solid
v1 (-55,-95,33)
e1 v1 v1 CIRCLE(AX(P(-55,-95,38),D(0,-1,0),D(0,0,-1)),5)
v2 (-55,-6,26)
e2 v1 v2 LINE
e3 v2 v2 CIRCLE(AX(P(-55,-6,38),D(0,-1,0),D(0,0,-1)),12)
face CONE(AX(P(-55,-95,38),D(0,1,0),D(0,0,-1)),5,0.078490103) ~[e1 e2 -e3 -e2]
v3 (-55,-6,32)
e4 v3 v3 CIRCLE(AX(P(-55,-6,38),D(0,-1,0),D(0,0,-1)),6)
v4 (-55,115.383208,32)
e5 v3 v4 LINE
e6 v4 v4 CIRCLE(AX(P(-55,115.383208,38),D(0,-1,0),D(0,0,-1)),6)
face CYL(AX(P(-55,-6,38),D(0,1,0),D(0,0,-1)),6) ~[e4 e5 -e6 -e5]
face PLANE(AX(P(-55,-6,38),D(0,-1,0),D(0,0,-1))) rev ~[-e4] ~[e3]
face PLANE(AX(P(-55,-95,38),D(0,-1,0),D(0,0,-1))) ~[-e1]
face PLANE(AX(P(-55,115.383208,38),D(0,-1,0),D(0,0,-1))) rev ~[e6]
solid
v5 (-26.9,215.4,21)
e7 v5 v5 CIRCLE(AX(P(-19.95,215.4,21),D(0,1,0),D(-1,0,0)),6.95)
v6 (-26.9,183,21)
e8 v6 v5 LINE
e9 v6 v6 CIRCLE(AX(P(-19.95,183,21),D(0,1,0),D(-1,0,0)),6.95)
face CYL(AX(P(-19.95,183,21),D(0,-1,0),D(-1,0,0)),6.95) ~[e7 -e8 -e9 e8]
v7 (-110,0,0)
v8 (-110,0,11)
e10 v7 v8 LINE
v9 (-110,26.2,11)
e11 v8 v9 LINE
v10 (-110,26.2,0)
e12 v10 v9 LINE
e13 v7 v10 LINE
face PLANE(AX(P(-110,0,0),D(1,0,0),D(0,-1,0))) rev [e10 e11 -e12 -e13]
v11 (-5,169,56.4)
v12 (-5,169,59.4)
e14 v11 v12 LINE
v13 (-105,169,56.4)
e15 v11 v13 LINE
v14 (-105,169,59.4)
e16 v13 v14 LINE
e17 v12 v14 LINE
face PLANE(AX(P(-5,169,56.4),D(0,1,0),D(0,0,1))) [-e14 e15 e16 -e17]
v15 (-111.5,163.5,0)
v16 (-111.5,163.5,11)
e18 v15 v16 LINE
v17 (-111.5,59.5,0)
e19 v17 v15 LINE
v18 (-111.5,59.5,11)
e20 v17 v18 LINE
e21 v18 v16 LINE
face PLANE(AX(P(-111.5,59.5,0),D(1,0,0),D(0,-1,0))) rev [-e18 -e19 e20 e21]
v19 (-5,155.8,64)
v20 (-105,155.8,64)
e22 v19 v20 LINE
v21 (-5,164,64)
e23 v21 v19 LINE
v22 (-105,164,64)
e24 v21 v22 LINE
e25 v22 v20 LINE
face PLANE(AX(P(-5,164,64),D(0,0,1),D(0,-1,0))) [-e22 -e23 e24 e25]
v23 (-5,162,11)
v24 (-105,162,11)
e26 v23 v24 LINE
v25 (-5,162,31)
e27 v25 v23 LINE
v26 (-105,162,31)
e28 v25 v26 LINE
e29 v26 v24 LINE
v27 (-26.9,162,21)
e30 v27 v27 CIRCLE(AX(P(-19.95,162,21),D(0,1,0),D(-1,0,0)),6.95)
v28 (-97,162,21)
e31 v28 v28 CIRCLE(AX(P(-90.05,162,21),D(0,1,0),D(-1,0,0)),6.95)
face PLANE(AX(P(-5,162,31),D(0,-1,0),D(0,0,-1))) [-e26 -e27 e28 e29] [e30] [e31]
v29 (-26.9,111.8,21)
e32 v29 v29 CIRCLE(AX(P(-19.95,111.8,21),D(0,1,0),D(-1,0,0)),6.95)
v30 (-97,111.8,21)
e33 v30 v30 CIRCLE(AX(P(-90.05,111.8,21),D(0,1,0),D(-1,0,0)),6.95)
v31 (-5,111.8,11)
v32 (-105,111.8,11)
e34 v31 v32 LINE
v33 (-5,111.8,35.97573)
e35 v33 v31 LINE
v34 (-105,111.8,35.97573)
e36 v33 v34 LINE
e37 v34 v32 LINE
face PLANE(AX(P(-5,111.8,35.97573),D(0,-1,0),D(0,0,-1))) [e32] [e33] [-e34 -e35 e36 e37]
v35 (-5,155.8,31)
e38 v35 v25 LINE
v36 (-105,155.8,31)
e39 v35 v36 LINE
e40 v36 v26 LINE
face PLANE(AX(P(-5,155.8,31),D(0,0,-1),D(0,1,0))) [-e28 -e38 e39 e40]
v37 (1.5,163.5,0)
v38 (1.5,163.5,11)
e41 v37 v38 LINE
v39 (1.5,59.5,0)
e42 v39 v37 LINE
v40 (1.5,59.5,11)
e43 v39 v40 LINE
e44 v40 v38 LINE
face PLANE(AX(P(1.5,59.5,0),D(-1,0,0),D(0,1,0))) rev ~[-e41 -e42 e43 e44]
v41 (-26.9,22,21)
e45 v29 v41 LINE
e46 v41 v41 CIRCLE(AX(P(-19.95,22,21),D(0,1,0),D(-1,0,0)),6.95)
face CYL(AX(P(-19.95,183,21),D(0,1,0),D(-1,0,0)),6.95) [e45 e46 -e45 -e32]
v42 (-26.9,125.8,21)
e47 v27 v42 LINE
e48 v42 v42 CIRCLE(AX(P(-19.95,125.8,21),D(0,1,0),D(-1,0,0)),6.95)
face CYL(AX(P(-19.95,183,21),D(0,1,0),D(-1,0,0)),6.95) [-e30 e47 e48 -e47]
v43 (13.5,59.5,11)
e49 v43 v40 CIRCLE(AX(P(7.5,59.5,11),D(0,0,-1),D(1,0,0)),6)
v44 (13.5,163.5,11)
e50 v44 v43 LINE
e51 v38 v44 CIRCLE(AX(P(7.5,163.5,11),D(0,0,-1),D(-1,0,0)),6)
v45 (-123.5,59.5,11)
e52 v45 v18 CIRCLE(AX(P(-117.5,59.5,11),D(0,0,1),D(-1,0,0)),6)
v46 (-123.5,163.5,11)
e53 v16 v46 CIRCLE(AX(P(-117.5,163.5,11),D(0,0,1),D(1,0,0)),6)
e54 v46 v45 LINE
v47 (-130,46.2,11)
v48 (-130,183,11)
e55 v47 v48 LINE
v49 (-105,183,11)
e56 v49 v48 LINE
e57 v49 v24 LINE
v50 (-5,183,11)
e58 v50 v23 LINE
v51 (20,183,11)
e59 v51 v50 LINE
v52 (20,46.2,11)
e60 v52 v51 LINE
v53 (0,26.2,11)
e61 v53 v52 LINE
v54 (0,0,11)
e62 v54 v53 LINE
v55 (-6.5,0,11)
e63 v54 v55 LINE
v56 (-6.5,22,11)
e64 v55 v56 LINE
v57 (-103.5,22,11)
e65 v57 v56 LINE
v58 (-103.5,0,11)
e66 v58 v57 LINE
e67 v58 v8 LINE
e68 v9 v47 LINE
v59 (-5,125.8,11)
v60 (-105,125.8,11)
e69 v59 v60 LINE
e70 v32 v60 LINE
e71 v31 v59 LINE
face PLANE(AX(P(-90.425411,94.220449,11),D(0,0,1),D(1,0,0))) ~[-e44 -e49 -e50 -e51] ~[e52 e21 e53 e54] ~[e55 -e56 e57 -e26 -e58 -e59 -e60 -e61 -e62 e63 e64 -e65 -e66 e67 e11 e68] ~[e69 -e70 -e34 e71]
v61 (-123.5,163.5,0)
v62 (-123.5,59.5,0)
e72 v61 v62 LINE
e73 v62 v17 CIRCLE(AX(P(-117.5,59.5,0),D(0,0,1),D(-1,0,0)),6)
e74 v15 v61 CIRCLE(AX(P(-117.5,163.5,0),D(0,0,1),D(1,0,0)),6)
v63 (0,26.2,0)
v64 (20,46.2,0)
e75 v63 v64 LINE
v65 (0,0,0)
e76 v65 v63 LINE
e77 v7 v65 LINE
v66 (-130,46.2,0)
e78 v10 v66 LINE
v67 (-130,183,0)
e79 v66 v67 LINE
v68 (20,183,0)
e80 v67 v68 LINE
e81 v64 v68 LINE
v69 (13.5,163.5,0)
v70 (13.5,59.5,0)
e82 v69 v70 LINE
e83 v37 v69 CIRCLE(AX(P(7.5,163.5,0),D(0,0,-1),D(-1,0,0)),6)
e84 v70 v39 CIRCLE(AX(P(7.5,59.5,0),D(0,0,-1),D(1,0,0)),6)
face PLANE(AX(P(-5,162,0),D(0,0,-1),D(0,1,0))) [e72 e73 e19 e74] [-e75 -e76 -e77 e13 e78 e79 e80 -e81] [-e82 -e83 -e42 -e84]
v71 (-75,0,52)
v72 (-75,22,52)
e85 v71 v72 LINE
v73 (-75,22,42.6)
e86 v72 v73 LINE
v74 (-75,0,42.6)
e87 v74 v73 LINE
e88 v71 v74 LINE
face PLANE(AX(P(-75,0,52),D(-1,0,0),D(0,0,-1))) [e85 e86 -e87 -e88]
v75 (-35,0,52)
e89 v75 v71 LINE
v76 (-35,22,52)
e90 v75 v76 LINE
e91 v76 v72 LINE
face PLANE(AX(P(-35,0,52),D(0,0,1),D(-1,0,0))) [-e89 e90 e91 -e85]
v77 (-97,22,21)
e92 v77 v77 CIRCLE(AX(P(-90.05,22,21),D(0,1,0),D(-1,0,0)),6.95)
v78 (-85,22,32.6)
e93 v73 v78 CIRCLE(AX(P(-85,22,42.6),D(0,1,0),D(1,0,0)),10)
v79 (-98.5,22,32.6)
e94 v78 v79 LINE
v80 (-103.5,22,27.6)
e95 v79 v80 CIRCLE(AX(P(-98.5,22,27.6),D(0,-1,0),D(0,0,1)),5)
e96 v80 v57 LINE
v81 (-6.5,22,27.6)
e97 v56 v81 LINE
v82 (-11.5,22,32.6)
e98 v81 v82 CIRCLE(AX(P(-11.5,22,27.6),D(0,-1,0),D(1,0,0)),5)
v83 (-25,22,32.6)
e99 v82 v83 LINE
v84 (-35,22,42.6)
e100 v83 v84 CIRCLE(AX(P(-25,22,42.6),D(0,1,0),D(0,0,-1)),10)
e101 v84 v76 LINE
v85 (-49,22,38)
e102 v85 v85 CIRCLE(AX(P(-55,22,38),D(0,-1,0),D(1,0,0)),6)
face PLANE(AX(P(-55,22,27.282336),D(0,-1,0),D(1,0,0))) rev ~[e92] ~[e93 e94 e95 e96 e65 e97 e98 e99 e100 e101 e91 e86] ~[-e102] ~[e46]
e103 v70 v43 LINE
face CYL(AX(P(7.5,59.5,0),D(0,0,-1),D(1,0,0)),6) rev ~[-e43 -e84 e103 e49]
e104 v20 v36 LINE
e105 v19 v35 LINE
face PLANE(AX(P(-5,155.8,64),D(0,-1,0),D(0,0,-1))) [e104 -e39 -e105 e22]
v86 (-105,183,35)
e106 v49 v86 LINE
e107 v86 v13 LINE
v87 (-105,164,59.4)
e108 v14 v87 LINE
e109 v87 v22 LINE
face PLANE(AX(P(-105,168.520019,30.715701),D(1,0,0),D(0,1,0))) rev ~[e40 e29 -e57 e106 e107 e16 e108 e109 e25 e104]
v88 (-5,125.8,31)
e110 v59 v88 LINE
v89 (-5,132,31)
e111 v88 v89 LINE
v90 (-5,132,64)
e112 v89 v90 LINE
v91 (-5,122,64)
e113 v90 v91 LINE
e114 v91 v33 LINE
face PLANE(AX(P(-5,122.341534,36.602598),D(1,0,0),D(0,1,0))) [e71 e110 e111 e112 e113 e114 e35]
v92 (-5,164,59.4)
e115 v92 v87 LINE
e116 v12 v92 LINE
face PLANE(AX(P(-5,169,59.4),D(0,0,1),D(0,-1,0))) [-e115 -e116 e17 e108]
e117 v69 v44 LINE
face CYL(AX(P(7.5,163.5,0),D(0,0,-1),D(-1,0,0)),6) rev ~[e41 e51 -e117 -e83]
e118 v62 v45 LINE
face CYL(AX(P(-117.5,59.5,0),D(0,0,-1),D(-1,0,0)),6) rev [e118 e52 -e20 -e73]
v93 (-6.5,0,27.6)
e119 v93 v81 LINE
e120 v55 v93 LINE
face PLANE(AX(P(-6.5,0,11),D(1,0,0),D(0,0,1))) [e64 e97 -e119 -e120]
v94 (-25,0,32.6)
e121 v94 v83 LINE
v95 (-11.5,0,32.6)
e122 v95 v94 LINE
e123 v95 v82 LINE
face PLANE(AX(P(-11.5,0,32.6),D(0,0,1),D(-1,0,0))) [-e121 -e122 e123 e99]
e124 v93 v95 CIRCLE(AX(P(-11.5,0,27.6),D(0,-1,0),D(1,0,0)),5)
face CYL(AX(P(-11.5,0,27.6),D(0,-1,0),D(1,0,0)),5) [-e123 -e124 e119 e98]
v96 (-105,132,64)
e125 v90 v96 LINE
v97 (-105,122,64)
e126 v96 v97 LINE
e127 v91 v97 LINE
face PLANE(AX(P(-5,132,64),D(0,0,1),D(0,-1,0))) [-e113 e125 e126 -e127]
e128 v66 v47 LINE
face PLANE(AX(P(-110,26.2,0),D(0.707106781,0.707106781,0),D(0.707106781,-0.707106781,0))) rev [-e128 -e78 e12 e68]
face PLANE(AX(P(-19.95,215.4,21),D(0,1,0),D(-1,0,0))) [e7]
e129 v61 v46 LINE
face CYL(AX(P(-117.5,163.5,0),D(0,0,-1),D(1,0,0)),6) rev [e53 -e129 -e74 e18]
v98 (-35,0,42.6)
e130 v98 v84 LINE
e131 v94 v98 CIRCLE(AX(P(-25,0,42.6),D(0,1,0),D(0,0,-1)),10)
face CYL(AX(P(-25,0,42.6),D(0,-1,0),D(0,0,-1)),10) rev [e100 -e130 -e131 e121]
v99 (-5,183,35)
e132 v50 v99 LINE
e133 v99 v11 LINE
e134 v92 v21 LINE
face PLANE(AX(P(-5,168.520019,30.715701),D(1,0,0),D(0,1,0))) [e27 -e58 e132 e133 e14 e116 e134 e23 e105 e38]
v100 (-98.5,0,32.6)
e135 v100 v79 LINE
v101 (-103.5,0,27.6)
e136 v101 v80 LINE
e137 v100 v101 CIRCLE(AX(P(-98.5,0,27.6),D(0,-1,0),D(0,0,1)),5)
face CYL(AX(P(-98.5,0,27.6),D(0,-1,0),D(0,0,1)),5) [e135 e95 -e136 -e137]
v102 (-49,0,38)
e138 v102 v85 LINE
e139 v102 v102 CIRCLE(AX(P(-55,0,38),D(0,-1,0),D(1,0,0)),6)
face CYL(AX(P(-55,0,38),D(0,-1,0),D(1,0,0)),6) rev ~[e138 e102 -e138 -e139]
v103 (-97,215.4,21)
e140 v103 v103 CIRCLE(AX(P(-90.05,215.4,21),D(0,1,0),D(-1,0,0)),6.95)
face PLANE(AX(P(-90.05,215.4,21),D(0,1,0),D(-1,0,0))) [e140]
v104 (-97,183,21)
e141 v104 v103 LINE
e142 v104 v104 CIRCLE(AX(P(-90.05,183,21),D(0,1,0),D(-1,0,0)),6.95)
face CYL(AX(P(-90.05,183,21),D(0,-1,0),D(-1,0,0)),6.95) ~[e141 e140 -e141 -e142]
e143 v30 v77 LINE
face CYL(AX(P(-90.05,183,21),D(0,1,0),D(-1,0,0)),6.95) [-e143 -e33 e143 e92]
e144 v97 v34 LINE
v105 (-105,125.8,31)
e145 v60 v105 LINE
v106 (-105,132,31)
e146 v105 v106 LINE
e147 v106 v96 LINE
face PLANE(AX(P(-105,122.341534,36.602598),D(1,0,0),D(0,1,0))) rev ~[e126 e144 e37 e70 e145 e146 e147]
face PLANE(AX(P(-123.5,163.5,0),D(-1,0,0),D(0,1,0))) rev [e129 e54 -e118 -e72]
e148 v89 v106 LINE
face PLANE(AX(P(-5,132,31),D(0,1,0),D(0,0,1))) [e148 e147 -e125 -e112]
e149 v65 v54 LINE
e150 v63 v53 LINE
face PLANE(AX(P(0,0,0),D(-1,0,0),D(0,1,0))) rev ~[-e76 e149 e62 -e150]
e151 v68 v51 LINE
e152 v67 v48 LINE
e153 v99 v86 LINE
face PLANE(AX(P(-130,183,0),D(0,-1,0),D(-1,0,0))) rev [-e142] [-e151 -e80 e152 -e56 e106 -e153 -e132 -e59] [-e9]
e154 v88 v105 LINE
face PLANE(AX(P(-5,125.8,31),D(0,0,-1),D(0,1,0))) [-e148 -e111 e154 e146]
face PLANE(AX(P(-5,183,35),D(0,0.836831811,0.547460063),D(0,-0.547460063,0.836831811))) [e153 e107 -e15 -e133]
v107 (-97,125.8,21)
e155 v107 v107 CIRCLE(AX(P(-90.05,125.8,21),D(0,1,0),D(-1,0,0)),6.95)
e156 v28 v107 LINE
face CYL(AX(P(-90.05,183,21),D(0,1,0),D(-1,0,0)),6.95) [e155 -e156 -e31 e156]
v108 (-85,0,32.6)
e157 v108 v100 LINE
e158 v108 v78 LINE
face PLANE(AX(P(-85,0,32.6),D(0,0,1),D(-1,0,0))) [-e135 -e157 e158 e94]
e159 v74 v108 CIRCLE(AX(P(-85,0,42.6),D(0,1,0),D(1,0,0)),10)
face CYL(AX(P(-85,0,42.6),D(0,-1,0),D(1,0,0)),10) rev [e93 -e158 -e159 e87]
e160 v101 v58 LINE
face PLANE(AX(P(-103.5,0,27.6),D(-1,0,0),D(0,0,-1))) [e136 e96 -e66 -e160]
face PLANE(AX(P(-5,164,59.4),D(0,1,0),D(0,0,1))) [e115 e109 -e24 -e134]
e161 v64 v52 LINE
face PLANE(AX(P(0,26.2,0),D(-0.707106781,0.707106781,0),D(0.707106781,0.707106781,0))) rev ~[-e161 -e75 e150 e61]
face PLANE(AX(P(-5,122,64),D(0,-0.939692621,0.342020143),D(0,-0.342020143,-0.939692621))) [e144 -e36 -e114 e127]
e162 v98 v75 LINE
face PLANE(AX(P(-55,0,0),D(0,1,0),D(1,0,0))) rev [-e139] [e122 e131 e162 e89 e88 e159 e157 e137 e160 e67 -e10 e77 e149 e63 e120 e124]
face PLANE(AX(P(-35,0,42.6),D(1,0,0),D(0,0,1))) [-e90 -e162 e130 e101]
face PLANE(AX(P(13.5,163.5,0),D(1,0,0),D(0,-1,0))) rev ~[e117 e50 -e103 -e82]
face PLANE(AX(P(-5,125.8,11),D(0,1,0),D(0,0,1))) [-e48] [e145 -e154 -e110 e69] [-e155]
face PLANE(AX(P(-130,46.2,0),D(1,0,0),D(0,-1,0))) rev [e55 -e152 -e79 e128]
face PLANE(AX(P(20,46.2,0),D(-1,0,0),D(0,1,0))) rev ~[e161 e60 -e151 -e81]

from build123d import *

# Parameters (mm, degrees)
F1_DEPTH  = 11
F3_R      = 6
F4_DEPTH  = 22
F7_DEPTH  = 100
F8_R      = 6.95
F9_DEPTH  = 32.4
F10_DEPTH = 183
F12_W     = 115.383207798
F12_H     = 6
F15_DEPTH = 100


with BuildPart() as f1:
    # F0 (on Top) → F1 (new body)
    with BuildSketch(Plane.XY):
        Polygon((-55, 0), (0, 0), (0, 26.2), (20, 46.2), (20, 183), (-55, 183), align=None)
        with BuildLine():
            Line((13.5, 163.5), (13.5, 59.5))
            ThreePointArc((13.5, 59.5), (7.5, 53.5), (1.5, 59.5))
            Line((1.5, 59.5), (1.5, 163.5))
            ThreePointArc((1.5, 163.5), (7.5, 169.5), (13.5, 163.5))
        make_face(mode=Mode.SUBTRACT)
    extrude(amount=F1_DEPTH)

    # F2: F1 across face


with BuildPart() as f1_1:
    add(f1.part)
    add(f1.part.mirror(Plane(origin=(-55, 91.5, 5.5), x_dir=(0, -1, 0), z_dir=(-1, 0, 0))))

    # F3 (on face) → F4 (join)
    with BuildSketch(Plane.XZ):
        with BuildLine():
            Line((-103.5, 27.6), (-103.5, 11))
            Line((-103.5, 11), (-6.5, 11))
            Line((-6.5, 11), (-6.5, 27.6))
            ThreePointArc((-6.5, 27.6), (-7.9644660941, 31.1355339059), (-11.5, 32.6))
            Line((-11.5, 32.6), (-25, 32.6))
            ThreePointArc((-25, 32.6), (-32.0710678119, 35.5289321881), (-35, 42.6))
            Line((-35, 42.6), (-35, 52))
            Line((-35, 52), (-75, 52))
            Line((-75, 52), (-75, 42.6))
            ThreePointArc((-75, 42.6), (-77.9289321881, 35.5289321881), (-85, 32.6))
            Line((-85, 32.6), (-98.5, 32.6))
            ThreePointArc((-98.5, 32.6), (-102.0355339059, 31.1355339059), (-103.5, 27.6))
        make_face()
        with Locations((-55, 38)):
            Circle(F3_R, mode=Mode.SUBTRACT)
    extrude(amount=-F4_DEPTH)

    # F6 (on offset) → F7 (join)
    with BuildSketch(Plane.YZ.offset(-5)):
        Polygon((162, 0), (183, 0), (183, 35), (169, 56.4), (169, 59.4), (164, 59.4), (164, 64), (155.8, 64), (155.8, 31), (162, 31), align=None)
    extrude(amount=-F7_DEPTH)

    # F8 (on face) → F9 (join)
    with BuildSketch(Plane(origin=(0, 183, 0), x_dir=(-1, 0, 0), z_dir=(0, 1, 0))):
        with Locations((19.95, 21)):
            Circle(F8_R)
        with Locations((90.05, 21)):
            Circle(F8_R)
    extrude(amount=F9_DEPTH)

    # F8 (on face) → F10 (join)
    with BuildSketch(Plane(origin=(0, 183, 0), x_dir=(-1, 0, 0), z_dir=(0, 1, 0))):
        with Locations((19.95, 21)):
            Circle(F8_R)
        with Locations((90.05, 21)):
            Circle(F8_R)
    extrude(amount=-F10_DEPTH)

    # F14 (on face) → F15 (join)
    with BuildSketch(Plane.YZ.offset(-5)):
        Polygon((132, 31), (132, 64), (122, 64), (111.8, 35.9757303216), (111.8, 11), (125.8, 11), (125.8, 31), align=None)
    extrude(amount=-F15_DEPTH)


with BuildPart() as f13:
    # F12 (on offset) → F13 (revolve)
    with BuildSketch(Plane.YZ.offset(-55)):
        Polygon((0, 32), (0, 38), (-95, 38), (-95, 33), (-6, 26), (-6, 32), align=None)
        with Locations((57.691603899, 35)):
            Rectangle(F12_W, F12_H)
    revolve(axis=Axis((-55, -47.5, 38), (0, -1, 0)))


solid = Compound([f1_1.part, f13.part])
